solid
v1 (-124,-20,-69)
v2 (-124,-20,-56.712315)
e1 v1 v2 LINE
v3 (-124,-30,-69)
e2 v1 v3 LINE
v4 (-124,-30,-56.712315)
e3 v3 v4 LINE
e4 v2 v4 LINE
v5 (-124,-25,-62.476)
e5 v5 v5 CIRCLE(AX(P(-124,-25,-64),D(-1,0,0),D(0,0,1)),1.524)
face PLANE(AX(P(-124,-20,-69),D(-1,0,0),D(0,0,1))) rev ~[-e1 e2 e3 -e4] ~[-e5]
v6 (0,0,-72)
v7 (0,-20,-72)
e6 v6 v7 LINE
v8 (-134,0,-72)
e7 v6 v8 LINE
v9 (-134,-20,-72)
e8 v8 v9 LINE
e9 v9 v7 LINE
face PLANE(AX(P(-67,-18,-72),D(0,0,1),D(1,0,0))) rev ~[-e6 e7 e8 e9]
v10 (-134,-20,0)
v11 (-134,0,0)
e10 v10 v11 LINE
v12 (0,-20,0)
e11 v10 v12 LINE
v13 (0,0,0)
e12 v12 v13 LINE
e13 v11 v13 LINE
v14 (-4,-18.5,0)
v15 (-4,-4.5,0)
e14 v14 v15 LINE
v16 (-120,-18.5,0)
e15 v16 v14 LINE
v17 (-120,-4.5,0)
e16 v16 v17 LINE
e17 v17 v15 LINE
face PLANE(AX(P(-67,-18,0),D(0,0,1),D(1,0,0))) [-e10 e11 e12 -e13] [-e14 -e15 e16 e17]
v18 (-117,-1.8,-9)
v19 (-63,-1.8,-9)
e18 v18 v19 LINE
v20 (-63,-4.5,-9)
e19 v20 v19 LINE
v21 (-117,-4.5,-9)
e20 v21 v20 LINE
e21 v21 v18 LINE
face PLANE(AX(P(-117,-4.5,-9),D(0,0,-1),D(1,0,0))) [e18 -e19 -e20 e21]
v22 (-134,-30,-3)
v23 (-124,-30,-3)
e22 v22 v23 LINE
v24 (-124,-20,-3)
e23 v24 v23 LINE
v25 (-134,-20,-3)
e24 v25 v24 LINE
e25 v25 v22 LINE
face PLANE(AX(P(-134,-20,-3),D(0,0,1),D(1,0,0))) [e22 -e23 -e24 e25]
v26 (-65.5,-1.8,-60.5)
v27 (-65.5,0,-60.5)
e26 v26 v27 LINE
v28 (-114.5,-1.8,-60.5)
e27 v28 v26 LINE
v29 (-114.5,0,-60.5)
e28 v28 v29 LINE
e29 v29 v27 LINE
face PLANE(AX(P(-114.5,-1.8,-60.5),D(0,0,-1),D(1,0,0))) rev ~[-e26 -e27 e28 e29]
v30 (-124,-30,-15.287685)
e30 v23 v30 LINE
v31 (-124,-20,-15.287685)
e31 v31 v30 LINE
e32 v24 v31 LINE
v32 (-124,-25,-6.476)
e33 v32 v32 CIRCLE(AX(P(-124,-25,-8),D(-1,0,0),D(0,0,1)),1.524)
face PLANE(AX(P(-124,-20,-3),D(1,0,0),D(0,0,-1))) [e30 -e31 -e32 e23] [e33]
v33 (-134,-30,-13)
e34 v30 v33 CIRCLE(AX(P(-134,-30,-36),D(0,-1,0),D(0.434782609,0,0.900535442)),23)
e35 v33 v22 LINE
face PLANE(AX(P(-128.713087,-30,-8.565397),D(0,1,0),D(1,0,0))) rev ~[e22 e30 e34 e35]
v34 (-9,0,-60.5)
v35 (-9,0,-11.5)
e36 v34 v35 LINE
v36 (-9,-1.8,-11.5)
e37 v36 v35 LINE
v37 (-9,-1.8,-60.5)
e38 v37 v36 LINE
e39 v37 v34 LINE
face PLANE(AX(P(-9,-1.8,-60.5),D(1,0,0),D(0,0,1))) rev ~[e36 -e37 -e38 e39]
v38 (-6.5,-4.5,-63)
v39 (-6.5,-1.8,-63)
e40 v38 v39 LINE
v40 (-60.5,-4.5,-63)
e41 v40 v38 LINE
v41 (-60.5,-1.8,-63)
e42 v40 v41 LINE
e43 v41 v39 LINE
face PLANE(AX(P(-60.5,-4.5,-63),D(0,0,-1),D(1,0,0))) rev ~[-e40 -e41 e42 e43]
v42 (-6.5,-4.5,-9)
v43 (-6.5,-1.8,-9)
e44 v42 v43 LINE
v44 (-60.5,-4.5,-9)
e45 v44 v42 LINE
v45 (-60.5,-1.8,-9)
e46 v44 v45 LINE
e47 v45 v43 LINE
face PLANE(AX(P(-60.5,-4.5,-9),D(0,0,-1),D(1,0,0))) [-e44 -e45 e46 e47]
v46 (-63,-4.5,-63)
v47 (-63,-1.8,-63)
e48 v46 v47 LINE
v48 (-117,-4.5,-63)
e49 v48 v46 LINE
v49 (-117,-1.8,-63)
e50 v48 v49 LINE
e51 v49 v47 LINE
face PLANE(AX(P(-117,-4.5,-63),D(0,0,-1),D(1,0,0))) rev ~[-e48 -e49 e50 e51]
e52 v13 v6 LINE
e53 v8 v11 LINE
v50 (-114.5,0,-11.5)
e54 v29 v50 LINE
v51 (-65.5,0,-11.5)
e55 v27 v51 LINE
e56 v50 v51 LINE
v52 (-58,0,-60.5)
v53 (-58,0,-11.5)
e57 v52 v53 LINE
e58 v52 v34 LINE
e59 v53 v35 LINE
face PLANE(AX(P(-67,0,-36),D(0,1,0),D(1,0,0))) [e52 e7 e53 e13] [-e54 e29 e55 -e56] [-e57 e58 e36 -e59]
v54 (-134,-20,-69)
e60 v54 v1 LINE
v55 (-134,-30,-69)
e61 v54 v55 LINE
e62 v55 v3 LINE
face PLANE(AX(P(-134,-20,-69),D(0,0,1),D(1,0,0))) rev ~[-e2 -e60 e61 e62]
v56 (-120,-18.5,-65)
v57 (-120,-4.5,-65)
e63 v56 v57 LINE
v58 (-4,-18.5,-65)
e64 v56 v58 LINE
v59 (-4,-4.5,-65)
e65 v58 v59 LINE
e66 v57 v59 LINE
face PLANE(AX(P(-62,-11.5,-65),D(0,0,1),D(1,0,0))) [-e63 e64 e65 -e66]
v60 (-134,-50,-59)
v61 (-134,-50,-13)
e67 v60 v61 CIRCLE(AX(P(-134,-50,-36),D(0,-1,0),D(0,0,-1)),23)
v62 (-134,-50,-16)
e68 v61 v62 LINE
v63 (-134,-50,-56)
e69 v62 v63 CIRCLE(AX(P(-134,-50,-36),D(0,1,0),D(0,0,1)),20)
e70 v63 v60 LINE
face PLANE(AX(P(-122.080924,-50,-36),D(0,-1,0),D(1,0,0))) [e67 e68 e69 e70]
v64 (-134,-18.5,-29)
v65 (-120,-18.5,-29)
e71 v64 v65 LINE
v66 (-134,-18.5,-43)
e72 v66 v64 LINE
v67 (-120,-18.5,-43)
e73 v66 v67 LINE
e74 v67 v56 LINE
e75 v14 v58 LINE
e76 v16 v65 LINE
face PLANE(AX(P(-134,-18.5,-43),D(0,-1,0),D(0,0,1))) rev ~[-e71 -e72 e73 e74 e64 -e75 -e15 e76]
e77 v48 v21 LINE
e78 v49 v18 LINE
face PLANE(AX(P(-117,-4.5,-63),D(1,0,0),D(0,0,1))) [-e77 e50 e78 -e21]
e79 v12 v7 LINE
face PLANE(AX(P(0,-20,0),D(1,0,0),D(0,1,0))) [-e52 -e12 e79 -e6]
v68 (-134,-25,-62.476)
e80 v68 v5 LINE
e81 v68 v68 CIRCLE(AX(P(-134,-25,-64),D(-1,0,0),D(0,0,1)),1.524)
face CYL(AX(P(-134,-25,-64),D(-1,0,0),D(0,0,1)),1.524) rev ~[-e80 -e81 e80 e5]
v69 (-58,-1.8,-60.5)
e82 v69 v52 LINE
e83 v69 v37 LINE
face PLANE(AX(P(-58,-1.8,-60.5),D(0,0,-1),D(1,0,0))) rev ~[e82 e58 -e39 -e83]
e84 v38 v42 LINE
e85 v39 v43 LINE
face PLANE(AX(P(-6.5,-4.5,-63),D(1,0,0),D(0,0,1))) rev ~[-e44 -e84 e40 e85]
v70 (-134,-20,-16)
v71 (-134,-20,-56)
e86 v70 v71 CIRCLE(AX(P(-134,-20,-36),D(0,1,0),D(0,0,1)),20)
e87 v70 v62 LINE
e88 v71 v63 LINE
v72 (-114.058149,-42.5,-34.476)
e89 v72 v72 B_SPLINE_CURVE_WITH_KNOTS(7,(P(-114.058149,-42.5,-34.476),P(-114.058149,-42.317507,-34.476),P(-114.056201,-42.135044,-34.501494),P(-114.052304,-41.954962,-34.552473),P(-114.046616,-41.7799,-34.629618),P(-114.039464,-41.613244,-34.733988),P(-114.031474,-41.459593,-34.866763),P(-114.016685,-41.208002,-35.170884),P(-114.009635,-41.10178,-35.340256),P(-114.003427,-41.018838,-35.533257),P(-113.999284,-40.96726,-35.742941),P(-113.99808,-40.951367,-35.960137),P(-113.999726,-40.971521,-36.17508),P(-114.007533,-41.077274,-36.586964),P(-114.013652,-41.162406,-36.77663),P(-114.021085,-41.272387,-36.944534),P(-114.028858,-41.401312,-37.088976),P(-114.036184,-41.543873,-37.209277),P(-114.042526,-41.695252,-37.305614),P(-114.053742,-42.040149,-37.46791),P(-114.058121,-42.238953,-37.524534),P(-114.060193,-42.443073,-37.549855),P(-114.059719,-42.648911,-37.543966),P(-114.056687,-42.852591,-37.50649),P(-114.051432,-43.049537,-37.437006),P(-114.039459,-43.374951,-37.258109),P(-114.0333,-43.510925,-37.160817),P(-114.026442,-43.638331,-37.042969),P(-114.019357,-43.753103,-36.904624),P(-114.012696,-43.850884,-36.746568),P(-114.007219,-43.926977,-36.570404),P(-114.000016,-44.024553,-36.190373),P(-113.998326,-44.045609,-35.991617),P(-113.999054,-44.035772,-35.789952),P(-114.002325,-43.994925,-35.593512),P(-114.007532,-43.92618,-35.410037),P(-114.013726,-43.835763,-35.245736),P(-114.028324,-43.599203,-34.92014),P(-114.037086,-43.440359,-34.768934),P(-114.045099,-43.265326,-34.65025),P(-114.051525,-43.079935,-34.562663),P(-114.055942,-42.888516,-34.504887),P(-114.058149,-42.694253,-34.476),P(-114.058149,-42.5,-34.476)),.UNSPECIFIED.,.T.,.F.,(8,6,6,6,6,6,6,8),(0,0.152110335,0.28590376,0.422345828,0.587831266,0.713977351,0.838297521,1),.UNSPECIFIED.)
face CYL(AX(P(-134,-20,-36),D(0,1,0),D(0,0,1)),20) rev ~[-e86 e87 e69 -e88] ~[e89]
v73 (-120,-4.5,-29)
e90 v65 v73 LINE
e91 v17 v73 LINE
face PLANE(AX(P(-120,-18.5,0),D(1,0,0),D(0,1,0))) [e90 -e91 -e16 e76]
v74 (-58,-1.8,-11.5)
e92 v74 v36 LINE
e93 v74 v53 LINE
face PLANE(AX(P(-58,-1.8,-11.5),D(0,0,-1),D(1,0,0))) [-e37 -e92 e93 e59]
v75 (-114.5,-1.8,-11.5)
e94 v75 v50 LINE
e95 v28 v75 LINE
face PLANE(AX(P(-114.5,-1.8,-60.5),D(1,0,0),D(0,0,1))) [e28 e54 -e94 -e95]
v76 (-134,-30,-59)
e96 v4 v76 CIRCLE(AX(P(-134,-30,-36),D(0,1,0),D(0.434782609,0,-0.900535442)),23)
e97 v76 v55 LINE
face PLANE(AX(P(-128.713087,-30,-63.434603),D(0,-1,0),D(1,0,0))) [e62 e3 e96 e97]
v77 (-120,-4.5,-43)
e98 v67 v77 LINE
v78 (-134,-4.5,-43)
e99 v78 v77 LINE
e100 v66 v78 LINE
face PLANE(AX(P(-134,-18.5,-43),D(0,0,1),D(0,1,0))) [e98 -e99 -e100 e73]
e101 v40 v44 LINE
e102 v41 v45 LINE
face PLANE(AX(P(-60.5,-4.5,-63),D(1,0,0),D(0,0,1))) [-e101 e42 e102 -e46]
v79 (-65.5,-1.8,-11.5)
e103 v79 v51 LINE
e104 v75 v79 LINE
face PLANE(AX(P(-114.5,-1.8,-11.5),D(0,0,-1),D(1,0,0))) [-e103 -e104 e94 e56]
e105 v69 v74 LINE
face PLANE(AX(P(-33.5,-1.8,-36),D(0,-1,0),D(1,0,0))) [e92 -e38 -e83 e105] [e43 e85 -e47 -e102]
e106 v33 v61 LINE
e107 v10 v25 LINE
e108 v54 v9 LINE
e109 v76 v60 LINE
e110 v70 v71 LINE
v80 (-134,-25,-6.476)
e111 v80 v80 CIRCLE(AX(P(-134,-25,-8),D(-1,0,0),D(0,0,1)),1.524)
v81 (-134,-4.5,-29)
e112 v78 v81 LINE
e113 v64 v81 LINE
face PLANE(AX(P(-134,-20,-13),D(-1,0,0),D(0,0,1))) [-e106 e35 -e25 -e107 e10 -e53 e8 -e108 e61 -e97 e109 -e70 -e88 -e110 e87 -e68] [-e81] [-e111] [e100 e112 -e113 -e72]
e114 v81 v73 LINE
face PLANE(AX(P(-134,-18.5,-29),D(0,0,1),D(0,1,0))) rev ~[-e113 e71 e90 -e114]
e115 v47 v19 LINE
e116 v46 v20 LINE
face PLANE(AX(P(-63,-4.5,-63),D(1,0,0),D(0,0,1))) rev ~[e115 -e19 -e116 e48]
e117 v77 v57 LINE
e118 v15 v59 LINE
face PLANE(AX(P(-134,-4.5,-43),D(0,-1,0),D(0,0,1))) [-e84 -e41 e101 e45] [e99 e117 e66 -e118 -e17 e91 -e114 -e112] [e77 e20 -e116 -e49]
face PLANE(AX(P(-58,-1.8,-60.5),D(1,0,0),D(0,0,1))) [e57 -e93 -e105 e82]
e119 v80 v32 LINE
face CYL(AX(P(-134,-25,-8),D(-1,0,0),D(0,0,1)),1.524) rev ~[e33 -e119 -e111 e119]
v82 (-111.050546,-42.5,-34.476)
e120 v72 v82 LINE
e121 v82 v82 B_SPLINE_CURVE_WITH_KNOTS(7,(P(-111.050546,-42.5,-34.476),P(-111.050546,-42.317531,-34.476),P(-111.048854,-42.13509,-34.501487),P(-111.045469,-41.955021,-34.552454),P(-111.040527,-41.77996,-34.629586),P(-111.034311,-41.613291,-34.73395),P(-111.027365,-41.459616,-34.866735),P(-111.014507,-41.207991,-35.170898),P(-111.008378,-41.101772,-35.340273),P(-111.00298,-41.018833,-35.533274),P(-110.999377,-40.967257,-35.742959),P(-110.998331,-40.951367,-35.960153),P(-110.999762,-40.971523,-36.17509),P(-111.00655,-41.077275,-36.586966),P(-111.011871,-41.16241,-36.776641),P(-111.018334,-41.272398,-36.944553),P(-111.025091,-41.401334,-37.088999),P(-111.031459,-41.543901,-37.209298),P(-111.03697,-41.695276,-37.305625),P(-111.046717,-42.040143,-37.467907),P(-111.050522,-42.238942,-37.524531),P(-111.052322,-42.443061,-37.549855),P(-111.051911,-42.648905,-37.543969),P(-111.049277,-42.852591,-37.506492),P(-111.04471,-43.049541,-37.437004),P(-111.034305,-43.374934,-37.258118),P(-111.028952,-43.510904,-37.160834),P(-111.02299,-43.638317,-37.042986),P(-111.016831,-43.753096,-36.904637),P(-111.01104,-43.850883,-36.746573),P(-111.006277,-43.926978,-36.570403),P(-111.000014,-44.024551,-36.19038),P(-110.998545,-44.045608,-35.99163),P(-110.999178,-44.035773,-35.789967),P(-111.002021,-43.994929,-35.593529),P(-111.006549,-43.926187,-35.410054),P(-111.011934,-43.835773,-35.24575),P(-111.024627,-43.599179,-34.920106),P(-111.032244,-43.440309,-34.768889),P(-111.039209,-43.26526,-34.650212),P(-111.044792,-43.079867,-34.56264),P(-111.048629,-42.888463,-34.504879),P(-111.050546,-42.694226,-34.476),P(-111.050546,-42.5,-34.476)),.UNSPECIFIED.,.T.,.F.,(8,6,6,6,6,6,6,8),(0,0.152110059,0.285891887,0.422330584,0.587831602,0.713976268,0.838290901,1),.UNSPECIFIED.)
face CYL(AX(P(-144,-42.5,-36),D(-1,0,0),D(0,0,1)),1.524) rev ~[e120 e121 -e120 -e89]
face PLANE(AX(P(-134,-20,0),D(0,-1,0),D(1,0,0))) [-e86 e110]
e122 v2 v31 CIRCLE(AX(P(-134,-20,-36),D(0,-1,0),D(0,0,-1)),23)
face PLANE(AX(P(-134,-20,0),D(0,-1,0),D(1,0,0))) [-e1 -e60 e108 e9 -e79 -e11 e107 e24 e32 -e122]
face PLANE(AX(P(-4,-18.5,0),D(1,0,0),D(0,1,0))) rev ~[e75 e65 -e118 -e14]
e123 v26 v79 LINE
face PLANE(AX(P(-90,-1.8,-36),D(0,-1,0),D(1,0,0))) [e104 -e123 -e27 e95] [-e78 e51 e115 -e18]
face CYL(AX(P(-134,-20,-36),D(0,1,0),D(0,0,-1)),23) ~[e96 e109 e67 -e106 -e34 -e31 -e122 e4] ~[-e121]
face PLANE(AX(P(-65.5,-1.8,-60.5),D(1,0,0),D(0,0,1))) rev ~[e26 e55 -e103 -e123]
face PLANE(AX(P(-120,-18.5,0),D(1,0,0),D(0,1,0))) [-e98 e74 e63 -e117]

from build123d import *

# Parameters (mm, degrees)
MAIN_BODY_DEPTH            = 16
SKETCH8_W                  = 134
SKETCH8_H                  = 4
COVER_DEPTH                = 72
SKETCH20_W                 = 116
SKETCH20_H                 = 14
CRYSTAL_SLOT_DEPTH         = 65
SKETCH9_W                  = 14
SKETCH9_H                  = 14
SIPM_WINDOW_DEPTH          = 14
TUBE_ADAPTER_DEPTH         = 30
RIGHT_SCREW_TERMINAL_DEPTH = 10
RIGHT_SCREW_HOLE_REACH     = 136
SKETCH12_R                 = 1.524
LEFT_SCREW_TERMINAL_DEPTH  = 10
LEFT_SCREW_HOLE_REACH      = 136
SKETCH14_R                 = 1.524
ADAPTER_HOLE_REACH         = 146
SKETCH18_R                 = 1.524
SKETCH21_W                 = 54
SKETCH21_H                 = 54
FILTER_SLOT_DEPTH          = 2.7
SKETCH24_W                 = 49
SKETCH24_H                 = 49
FILTER_WINDOW_DEPTH        = 1.8


with BuildPart() as part:
    # Sketch5 → Main Body (new body)
    with BuildSketch(Plane(origin=(0, 0, 0), x_dir=(1, 0, 0), z_dir=(0, 1, 0))):
        Polygon((-134, 0), (-124, 0), (-1.95326153, 0), (0, 0), (0, 72), (-134, 72), align=None)
    extrude(amount=-MAIN_BODY_DEPTH)

    # Sketch8 → Cover (add)
    with BuildSketch(Plane.XY):
        with Locations((-67, -18)):
            Rectangle(SKETCH8_W, SKETCH8_H)
    extrude(amount=-COVER_DEPTH)

    # Sketch20 → Crystal Slot (cut)
    with BuildSketch(Plane.XY):
        with Locations((-62, -11.5)):
            Rectangle(SKETCH20_W, SKETCH20_H)
    extrude(amount=-CRYSTAL_SLOT_DEPTH, mode=Mode.SUBTRACT)

    # Sketch9 → SiPM Window (cut)
    with BuildSketch(Plane.ZY.offset(134)):
        with Locations((-36, -11.5)):
            Rectangle(SKETCH9_W, SKETCH9_H)
    extrude(amount=-SIPM_WINDOW_DEPTH, mode=Mode.SUBTRACT)

    # Sketch10 → Tube Adapter (add)
    with BuildSketch(Plane.XZ.offset(20)):
        with BuildLine():
            Line((-134, -13), (-134, -16))
            ThreePointArc((-134, -16), (-114, -36), (-134, -56))
            Line((-134, -56), (-134, -59))
            ThreePointArc((-134, -59), (-111, -36), (-134, -13))
        make_face()
    extrude(amount=TUBE_ADAPTER_DEPTH)

    # Sketch11 → Right Screw Terminal (add)
    with BuildSketch(Plane.XZ.offset(20)):
        with BuildLine():
            Line((-134, -59), (-134, -69))
            Line((-134, -69), (-124, -69))
            Line((-124, -69), (-124, -56.712315177))
            ThreePointArc((-124, -56.712315177), (-128.870830919, -58.420785547), (-134, -59))
        make_face()
    extrude(amount=RIGHT_SCREW_TERMINAL_DEPTH)

    # Sketch12 → Right Screw Hole (cut, up to next)
    with BuildSketch(Plane.ZY.offset(134), mode=Mode.PRIVATE) as right_screw_hole_sk1:
        with Locations((-64, -25)):
            Circle(SKETCH12_R)
    right_screw_hole_tool1 = extrude(right_screw_hole_sk1.sketch, amount=-RIGHT_SCREW_HOLE_REACH, mode=Mode.PRIVATE) & part.part
    add(right_screw_hole_tool1.solids().sort_by_distance((-134, -25, -64))[0], mode=Mode.SUBTRACT)

    # Sketch13 → Left Screw Terminal (add)
    with BuildSketch(Plane(origin=(0, -20, 0), x_dir=(-1, 0, 0), z_dir=(0, -1, 0))):
        with BuildLine():
            Line((134, 13), (134, 3))
            Line((134, 3), (124, 3))
            Line((124, 3), (124, 15.287684823))
            ThreePointArc((124, 15.287684823), (128.870830919, 13.579214453), (134, 13))
        make_face()
    extrude(amount=LEFT_SCREW_TERMINAL_DEPTH)

    # Sketch14 → Left Screw Hole (cut, up to next)
    with BuildSketch(Plane.ZY.offset(134), mode=Mode.PRIVATE) as left_screw_hole_sk1:
        with Locations((-8, -25)):
            Circle(SKETCH14_R)
    left_screw_hole_tool1 = extrude(left_screw_hole_sk1.sketch, amount=-LEFT_SCREW_HOLE_REACH, mode=Mode.PRIVATE) & part.part
    add(left_screw_hole_tool1.solids().sort_by_distance((-134, -25, -8))[0], mode=Mode.SUBTRACT)

    # Sketch18 → Adapter Hole (cut, up to next)
    with BuildSketch(Plane.ZY.offset(144), mode=Mode.PRIVATE) as adapter_hole_sk1:
        with Locations((-36, -42.5)):
            Circle(SKETCH18_R)
    adapter_hole_tool1 = extrude(adapter_hole_sk1.sketch, amount=-ADAPTER_HOLE_REACH, mode=Mode.PRIVATE) & part.part
    add(adapter_hole_tool1.solids().sort_by_distance((-144, -42.5, -36))[0], mode=Mode.SUBTRACT)

    # Sketch21 → Filter Slot (cut)
    with BuildSketch(Plane.XZ.offset(4.5)):
        with Locations((-33.5, -36)):
            Rectangle(SKETCH21_W, SKETCH21_H)
        with Locations((-90, -36)):
            Rectangle(SKETCH21_W, SKETCH21_H)
    extrude(amount=-FILTER_SLOT_DEPTH, mode=Mode.SUBTRACT)

    # Sketch24 → Filter Window (cut)
    with BuildSketch(Plane.XZ.offset(1.8)):
        with Locations((-33.5, -36)):
            Rectangle(SKETCH24_W, SKETCH24_H)
        with Locations((-90, -36)):
            Rectangle(SKETCH24_W, SKETCH24_H)
    extrude(amount=-FILTER_WINDOW_DEPTH, mode=Mode.SUBTRACT)


solid = part.part
